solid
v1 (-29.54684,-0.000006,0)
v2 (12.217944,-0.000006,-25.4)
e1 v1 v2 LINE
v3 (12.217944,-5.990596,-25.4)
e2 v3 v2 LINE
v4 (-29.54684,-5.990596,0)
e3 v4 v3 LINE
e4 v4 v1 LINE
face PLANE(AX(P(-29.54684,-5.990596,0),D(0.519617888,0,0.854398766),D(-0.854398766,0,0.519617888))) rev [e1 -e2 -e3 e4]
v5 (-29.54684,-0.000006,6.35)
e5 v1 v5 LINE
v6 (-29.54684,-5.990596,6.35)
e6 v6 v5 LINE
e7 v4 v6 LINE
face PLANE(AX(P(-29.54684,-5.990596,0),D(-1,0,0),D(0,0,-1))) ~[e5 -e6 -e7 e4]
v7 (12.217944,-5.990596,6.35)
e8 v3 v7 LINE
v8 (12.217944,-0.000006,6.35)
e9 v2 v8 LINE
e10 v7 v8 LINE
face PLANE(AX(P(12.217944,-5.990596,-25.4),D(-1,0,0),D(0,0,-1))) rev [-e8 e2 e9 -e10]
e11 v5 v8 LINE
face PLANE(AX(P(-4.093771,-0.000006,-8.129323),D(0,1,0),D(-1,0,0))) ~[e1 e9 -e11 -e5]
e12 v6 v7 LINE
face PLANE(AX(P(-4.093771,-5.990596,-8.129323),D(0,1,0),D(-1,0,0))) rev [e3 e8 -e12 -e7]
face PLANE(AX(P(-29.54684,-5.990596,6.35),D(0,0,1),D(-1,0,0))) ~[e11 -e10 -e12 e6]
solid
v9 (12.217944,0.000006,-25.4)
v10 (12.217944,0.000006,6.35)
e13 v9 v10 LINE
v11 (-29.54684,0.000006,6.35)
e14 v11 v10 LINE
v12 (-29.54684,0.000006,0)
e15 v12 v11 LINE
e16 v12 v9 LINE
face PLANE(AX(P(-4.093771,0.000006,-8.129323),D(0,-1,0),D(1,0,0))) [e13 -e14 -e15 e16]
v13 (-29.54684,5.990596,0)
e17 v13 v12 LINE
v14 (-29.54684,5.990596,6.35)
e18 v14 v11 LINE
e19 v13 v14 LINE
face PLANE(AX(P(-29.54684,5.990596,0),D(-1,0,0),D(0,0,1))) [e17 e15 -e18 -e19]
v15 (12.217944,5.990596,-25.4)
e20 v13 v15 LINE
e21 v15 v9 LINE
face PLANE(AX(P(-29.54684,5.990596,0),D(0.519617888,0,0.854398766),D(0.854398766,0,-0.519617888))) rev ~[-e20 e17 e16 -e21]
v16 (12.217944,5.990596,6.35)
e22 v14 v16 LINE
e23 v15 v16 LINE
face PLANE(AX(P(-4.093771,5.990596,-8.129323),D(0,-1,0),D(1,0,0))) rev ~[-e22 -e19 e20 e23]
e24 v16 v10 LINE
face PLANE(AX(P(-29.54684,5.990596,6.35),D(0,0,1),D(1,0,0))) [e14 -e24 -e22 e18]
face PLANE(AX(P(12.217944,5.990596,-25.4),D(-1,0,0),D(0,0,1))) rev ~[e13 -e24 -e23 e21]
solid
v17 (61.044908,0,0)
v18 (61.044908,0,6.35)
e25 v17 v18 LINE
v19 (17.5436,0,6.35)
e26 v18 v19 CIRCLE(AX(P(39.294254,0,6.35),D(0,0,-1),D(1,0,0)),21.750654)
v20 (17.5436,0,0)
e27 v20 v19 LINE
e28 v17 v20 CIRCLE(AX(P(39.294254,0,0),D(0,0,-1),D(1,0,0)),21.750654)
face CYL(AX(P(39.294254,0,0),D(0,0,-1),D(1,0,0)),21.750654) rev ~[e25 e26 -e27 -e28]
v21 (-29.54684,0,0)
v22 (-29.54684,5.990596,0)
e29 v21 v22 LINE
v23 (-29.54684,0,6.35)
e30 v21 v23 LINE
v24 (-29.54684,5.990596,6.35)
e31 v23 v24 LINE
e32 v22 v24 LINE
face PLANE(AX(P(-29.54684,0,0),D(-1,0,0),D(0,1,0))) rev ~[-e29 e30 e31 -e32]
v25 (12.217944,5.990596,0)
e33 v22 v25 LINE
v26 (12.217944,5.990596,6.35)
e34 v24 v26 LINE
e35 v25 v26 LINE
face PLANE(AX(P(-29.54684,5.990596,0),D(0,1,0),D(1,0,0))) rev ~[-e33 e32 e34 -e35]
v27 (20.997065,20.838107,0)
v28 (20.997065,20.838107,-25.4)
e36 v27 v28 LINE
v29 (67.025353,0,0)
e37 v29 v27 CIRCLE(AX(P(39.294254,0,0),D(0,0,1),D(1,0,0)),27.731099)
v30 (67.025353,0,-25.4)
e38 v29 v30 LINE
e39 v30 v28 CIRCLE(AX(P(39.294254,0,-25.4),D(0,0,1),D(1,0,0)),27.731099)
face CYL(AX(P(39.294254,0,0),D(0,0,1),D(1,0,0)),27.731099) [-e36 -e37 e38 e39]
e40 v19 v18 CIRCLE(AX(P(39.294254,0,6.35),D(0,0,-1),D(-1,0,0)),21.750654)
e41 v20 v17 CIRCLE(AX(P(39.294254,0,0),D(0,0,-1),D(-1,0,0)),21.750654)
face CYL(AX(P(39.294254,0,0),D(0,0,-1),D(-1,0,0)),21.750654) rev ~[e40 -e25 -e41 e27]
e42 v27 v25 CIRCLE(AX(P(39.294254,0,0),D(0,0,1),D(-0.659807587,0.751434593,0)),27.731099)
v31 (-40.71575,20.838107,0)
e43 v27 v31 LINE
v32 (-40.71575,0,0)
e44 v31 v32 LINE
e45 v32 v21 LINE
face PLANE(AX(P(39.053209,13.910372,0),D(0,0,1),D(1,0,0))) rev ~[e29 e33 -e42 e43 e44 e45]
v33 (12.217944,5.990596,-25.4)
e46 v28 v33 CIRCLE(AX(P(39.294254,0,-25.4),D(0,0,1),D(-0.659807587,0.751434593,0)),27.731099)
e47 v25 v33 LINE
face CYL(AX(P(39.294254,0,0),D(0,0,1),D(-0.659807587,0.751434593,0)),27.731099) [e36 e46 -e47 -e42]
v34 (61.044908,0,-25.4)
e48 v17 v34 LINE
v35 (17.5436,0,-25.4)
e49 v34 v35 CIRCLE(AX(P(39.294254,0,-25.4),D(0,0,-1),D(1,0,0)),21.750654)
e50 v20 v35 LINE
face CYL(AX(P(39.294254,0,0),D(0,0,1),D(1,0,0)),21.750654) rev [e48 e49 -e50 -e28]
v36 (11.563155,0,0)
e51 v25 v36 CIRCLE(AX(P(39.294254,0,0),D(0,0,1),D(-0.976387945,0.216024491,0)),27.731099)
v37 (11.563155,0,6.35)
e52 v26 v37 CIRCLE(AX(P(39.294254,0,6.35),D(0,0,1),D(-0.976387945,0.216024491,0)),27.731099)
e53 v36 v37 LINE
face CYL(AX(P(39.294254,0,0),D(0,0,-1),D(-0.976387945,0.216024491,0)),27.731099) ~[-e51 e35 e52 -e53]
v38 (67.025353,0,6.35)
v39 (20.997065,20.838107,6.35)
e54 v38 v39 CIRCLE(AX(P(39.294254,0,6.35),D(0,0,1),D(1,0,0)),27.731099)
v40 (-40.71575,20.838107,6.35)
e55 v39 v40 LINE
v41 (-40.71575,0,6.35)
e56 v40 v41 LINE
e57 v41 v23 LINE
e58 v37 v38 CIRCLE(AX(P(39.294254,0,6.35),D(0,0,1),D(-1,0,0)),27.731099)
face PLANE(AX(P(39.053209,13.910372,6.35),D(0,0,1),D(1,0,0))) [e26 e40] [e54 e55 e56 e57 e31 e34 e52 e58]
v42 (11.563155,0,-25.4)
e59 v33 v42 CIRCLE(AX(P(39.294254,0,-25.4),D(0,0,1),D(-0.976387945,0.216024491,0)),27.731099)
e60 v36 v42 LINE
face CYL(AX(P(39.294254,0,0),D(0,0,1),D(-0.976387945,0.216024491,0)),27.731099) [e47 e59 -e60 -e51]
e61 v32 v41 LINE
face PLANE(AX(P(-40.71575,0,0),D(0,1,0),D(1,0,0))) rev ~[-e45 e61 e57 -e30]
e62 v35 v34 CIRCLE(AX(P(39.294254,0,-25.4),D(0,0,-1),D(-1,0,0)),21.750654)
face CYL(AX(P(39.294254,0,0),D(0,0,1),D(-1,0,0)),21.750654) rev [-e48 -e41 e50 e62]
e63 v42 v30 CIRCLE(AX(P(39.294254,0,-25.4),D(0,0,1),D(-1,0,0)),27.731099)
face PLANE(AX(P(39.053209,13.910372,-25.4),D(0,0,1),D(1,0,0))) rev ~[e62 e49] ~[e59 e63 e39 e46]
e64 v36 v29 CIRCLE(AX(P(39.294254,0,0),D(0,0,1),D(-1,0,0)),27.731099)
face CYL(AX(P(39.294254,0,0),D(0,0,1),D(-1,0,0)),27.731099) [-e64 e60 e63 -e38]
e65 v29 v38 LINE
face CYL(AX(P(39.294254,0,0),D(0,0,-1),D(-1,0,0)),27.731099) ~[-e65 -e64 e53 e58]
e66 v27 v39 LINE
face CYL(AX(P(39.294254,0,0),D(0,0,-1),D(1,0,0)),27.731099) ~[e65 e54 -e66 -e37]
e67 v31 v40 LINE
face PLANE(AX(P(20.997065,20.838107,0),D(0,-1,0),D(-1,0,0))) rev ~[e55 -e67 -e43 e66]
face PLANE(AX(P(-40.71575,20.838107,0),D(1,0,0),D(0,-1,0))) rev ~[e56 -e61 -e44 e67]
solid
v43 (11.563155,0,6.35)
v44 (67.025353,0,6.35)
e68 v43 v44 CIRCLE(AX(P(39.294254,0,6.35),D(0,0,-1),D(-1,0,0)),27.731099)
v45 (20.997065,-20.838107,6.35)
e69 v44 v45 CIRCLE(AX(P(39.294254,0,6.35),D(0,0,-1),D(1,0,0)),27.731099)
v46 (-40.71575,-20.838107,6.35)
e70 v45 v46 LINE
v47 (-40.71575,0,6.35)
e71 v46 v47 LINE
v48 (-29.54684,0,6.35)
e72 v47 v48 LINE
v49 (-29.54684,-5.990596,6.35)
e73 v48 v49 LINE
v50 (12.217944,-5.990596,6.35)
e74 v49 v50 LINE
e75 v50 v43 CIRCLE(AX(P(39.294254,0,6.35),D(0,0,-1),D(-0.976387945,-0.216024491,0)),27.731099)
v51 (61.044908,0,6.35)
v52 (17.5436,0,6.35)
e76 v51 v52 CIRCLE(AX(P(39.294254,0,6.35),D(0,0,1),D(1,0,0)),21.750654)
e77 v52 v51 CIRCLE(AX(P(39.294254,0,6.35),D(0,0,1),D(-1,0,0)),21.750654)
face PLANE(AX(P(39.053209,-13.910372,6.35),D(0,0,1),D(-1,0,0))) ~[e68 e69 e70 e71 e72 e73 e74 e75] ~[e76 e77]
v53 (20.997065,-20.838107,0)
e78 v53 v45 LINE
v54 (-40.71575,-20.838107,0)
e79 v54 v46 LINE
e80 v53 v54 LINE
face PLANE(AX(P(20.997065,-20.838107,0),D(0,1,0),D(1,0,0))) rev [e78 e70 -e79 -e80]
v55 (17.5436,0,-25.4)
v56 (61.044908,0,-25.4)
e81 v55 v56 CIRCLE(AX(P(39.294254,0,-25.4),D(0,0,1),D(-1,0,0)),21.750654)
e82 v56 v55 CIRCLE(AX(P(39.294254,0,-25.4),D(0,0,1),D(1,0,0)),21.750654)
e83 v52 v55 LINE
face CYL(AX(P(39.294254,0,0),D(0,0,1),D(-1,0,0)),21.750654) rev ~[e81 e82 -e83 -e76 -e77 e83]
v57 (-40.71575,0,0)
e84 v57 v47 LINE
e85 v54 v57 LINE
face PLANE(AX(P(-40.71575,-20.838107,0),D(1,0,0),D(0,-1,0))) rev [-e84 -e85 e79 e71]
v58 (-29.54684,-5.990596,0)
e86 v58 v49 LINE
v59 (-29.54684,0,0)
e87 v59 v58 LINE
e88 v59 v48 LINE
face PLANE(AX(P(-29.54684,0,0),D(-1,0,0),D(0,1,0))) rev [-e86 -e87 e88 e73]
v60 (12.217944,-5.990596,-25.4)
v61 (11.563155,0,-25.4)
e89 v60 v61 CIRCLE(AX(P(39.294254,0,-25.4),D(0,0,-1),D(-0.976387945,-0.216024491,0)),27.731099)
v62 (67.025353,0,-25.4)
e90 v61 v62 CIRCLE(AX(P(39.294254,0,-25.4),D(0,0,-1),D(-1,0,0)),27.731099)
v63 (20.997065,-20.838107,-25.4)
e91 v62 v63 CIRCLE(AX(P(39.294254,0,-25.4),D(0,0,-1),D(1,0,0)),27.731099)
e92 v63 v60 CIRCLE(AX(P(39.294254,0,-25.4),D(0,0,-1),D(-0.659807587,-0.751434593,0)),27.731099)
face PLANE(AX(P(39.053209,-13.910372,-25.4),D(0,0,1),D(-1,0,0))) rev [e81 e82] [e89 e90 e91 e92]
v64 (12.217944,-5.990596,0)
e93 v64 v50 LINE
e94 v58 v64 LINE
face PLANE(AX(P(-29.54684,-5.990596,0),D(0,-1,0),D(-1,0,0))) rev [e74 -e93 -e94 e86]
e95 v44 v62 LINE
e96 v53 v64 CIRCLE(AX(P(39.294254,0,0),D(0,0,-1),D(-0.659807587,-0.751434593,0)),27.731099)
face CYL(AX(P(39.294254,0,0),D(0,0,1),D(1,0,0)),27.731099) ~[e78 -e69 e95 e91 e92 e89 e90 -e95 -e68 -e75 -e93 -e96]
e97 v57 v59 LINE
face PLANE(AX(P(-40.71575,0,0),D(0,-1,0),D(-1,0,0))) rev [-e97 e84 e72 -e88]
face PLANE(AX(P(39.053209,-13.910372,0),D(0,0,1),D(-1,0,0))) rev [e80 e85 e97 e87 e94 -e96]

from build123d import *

# Parameters (mm, degrees)
F1_DEPTH = 6.35
F2_DEPTH = 6.35
F3_DEPTH = 25.4
F4_W     = 41.7647836408
F4_H     = 6.35
F5_DEPTH = 5.99059


with BuildPart() as f1:
    # F0 (on Top) → F1 (new body)
    with BuildSketch(Plane.XY):
        with BuildLine():
            ThreePointArc((12.2179435245, 5.9905964881), (15.4237541749, 14.1142861518), (20.997064695, 20.8381069054))
            Line((20.997064695, 20.8381069054), (-40.7157503068, 20.8381069054))
            Line((-40.7157503068, 20.8381069054), (-40.7157503068, 0))
            Line((-40.7157503068, 0), (-29.5468401164, 0))
            Line((-29.5468401164, 0), (-29.5468401164, 5.9905964881))
            Line((-29.5468401164, 5.9905964881), (12.2179435245, 5.9905964881))
        make_face()
    extrude(amount=F1_DEPTH)

    # F0 (on Top) → F2 (join)
    with BuildSketch(Plane.XY):
        with BuildLine():
            Line((61.0449077465, 0), (67.0253527713, 0))
            ThreePointArc((67.0253527713, 0), (50.7313138176, 25.2627690615), (20.997064695, 20.8381069054))
            ThreePointArc((20.997064695, 20.8381069054), (15.4237541749, 14.1142861518), (12.2179435245, 5.9905964881))
            ThreePointArc((12.2179435245, 5.9905964881), (11.7273383811, 3.0131376464), (11.5631552983, 0))
            Line((11.5631552983, 0), (17.543600323, 0))
            ThreePointArc((17.543600323, 0), (39.2942540348, 21.7506537117), (61.0449077465, 0))
        make_face()
        with BuildLine():
            ThreePointArc((11.5631552983, 0), (39.2942540348, -27.7310987365), (67.0253527713, 0))
            Line((67.0253527713, 0), (61.0449077465, 0))
            ThreePointArc((61.0449077465, 0), (39.2942540348, -21.7506537117), (17.543600323, 0))
            Line((17.543600323, 0), (11.5631552983, 0))
        make_face()
    extrude(amount=F2_DEPTH)

    # F0 (on Top) → F3 (join)
    with BuildSketch(Plane.XY):
        with BuildLine():
            Line((61.0449077465, 0), (67.0253527713, 0))
            ThreePointArc((67.0253527713, 0), (50.7313138176, 25.2627690615), (20.997064695, 20.8381069054))
            ThreePointArc((20.997064695, 20.8381069054), (15.4237541749, 14.1142861518), (12.2179435245, 5.9905964881))
            ThreePointArc((12.2179435245, 5.9905964881), (11.7273383811, 3.0131376464), (11.5631552983, 0))
            Line((11.5631552983, 0), (17.543600323, 0))
            ThreePointArc((17.543600323, 0), (39.2942540348, 21.7506537117), (61.0449077465, 0))
        make_face()
        with BuildLine():
            ThreePointArc((11.5631552983, 0), (39.2942540348, -27.7310987365), (67.0253527713, 0))
            Line((67.0253527713, 0), (61.0449077465, 0))
            ThreePointArc((61.0449077465, 0), (39.2942540348, -21.7506537117), (17.543600323, 0))
            Line((17.543600323, 0), (11.5631552983, 0))
        make_face()
    extrude(amount=-F3_DEPTH)


with BuildPart() as f5:
    # F4 (on face) → F5 (new body)
    with BuildSketch(Plane.XZ.offset(-5.9905964881)):
        Polygon((12.2179435245, -25.4), (12.2179435245, 0), (-29.5468401164, 0), align=None)
        with Locations((-8.664448296, 3.175)):
            Rectangle(F4_W, F4_H)
    extrude(amount=F5_DEPTH)


with BuildPart() as f6_1:
    # F6: instance of F1
    add(f1.part.mirror(Plane.XZ))


with BuildPart() as f6_2:
    # F6: instance of F5
    add(f5.part.mirror(Plane.XZ))


solid = Compound([f1.part, f5.part, f6_1.part, f6_2.part])
